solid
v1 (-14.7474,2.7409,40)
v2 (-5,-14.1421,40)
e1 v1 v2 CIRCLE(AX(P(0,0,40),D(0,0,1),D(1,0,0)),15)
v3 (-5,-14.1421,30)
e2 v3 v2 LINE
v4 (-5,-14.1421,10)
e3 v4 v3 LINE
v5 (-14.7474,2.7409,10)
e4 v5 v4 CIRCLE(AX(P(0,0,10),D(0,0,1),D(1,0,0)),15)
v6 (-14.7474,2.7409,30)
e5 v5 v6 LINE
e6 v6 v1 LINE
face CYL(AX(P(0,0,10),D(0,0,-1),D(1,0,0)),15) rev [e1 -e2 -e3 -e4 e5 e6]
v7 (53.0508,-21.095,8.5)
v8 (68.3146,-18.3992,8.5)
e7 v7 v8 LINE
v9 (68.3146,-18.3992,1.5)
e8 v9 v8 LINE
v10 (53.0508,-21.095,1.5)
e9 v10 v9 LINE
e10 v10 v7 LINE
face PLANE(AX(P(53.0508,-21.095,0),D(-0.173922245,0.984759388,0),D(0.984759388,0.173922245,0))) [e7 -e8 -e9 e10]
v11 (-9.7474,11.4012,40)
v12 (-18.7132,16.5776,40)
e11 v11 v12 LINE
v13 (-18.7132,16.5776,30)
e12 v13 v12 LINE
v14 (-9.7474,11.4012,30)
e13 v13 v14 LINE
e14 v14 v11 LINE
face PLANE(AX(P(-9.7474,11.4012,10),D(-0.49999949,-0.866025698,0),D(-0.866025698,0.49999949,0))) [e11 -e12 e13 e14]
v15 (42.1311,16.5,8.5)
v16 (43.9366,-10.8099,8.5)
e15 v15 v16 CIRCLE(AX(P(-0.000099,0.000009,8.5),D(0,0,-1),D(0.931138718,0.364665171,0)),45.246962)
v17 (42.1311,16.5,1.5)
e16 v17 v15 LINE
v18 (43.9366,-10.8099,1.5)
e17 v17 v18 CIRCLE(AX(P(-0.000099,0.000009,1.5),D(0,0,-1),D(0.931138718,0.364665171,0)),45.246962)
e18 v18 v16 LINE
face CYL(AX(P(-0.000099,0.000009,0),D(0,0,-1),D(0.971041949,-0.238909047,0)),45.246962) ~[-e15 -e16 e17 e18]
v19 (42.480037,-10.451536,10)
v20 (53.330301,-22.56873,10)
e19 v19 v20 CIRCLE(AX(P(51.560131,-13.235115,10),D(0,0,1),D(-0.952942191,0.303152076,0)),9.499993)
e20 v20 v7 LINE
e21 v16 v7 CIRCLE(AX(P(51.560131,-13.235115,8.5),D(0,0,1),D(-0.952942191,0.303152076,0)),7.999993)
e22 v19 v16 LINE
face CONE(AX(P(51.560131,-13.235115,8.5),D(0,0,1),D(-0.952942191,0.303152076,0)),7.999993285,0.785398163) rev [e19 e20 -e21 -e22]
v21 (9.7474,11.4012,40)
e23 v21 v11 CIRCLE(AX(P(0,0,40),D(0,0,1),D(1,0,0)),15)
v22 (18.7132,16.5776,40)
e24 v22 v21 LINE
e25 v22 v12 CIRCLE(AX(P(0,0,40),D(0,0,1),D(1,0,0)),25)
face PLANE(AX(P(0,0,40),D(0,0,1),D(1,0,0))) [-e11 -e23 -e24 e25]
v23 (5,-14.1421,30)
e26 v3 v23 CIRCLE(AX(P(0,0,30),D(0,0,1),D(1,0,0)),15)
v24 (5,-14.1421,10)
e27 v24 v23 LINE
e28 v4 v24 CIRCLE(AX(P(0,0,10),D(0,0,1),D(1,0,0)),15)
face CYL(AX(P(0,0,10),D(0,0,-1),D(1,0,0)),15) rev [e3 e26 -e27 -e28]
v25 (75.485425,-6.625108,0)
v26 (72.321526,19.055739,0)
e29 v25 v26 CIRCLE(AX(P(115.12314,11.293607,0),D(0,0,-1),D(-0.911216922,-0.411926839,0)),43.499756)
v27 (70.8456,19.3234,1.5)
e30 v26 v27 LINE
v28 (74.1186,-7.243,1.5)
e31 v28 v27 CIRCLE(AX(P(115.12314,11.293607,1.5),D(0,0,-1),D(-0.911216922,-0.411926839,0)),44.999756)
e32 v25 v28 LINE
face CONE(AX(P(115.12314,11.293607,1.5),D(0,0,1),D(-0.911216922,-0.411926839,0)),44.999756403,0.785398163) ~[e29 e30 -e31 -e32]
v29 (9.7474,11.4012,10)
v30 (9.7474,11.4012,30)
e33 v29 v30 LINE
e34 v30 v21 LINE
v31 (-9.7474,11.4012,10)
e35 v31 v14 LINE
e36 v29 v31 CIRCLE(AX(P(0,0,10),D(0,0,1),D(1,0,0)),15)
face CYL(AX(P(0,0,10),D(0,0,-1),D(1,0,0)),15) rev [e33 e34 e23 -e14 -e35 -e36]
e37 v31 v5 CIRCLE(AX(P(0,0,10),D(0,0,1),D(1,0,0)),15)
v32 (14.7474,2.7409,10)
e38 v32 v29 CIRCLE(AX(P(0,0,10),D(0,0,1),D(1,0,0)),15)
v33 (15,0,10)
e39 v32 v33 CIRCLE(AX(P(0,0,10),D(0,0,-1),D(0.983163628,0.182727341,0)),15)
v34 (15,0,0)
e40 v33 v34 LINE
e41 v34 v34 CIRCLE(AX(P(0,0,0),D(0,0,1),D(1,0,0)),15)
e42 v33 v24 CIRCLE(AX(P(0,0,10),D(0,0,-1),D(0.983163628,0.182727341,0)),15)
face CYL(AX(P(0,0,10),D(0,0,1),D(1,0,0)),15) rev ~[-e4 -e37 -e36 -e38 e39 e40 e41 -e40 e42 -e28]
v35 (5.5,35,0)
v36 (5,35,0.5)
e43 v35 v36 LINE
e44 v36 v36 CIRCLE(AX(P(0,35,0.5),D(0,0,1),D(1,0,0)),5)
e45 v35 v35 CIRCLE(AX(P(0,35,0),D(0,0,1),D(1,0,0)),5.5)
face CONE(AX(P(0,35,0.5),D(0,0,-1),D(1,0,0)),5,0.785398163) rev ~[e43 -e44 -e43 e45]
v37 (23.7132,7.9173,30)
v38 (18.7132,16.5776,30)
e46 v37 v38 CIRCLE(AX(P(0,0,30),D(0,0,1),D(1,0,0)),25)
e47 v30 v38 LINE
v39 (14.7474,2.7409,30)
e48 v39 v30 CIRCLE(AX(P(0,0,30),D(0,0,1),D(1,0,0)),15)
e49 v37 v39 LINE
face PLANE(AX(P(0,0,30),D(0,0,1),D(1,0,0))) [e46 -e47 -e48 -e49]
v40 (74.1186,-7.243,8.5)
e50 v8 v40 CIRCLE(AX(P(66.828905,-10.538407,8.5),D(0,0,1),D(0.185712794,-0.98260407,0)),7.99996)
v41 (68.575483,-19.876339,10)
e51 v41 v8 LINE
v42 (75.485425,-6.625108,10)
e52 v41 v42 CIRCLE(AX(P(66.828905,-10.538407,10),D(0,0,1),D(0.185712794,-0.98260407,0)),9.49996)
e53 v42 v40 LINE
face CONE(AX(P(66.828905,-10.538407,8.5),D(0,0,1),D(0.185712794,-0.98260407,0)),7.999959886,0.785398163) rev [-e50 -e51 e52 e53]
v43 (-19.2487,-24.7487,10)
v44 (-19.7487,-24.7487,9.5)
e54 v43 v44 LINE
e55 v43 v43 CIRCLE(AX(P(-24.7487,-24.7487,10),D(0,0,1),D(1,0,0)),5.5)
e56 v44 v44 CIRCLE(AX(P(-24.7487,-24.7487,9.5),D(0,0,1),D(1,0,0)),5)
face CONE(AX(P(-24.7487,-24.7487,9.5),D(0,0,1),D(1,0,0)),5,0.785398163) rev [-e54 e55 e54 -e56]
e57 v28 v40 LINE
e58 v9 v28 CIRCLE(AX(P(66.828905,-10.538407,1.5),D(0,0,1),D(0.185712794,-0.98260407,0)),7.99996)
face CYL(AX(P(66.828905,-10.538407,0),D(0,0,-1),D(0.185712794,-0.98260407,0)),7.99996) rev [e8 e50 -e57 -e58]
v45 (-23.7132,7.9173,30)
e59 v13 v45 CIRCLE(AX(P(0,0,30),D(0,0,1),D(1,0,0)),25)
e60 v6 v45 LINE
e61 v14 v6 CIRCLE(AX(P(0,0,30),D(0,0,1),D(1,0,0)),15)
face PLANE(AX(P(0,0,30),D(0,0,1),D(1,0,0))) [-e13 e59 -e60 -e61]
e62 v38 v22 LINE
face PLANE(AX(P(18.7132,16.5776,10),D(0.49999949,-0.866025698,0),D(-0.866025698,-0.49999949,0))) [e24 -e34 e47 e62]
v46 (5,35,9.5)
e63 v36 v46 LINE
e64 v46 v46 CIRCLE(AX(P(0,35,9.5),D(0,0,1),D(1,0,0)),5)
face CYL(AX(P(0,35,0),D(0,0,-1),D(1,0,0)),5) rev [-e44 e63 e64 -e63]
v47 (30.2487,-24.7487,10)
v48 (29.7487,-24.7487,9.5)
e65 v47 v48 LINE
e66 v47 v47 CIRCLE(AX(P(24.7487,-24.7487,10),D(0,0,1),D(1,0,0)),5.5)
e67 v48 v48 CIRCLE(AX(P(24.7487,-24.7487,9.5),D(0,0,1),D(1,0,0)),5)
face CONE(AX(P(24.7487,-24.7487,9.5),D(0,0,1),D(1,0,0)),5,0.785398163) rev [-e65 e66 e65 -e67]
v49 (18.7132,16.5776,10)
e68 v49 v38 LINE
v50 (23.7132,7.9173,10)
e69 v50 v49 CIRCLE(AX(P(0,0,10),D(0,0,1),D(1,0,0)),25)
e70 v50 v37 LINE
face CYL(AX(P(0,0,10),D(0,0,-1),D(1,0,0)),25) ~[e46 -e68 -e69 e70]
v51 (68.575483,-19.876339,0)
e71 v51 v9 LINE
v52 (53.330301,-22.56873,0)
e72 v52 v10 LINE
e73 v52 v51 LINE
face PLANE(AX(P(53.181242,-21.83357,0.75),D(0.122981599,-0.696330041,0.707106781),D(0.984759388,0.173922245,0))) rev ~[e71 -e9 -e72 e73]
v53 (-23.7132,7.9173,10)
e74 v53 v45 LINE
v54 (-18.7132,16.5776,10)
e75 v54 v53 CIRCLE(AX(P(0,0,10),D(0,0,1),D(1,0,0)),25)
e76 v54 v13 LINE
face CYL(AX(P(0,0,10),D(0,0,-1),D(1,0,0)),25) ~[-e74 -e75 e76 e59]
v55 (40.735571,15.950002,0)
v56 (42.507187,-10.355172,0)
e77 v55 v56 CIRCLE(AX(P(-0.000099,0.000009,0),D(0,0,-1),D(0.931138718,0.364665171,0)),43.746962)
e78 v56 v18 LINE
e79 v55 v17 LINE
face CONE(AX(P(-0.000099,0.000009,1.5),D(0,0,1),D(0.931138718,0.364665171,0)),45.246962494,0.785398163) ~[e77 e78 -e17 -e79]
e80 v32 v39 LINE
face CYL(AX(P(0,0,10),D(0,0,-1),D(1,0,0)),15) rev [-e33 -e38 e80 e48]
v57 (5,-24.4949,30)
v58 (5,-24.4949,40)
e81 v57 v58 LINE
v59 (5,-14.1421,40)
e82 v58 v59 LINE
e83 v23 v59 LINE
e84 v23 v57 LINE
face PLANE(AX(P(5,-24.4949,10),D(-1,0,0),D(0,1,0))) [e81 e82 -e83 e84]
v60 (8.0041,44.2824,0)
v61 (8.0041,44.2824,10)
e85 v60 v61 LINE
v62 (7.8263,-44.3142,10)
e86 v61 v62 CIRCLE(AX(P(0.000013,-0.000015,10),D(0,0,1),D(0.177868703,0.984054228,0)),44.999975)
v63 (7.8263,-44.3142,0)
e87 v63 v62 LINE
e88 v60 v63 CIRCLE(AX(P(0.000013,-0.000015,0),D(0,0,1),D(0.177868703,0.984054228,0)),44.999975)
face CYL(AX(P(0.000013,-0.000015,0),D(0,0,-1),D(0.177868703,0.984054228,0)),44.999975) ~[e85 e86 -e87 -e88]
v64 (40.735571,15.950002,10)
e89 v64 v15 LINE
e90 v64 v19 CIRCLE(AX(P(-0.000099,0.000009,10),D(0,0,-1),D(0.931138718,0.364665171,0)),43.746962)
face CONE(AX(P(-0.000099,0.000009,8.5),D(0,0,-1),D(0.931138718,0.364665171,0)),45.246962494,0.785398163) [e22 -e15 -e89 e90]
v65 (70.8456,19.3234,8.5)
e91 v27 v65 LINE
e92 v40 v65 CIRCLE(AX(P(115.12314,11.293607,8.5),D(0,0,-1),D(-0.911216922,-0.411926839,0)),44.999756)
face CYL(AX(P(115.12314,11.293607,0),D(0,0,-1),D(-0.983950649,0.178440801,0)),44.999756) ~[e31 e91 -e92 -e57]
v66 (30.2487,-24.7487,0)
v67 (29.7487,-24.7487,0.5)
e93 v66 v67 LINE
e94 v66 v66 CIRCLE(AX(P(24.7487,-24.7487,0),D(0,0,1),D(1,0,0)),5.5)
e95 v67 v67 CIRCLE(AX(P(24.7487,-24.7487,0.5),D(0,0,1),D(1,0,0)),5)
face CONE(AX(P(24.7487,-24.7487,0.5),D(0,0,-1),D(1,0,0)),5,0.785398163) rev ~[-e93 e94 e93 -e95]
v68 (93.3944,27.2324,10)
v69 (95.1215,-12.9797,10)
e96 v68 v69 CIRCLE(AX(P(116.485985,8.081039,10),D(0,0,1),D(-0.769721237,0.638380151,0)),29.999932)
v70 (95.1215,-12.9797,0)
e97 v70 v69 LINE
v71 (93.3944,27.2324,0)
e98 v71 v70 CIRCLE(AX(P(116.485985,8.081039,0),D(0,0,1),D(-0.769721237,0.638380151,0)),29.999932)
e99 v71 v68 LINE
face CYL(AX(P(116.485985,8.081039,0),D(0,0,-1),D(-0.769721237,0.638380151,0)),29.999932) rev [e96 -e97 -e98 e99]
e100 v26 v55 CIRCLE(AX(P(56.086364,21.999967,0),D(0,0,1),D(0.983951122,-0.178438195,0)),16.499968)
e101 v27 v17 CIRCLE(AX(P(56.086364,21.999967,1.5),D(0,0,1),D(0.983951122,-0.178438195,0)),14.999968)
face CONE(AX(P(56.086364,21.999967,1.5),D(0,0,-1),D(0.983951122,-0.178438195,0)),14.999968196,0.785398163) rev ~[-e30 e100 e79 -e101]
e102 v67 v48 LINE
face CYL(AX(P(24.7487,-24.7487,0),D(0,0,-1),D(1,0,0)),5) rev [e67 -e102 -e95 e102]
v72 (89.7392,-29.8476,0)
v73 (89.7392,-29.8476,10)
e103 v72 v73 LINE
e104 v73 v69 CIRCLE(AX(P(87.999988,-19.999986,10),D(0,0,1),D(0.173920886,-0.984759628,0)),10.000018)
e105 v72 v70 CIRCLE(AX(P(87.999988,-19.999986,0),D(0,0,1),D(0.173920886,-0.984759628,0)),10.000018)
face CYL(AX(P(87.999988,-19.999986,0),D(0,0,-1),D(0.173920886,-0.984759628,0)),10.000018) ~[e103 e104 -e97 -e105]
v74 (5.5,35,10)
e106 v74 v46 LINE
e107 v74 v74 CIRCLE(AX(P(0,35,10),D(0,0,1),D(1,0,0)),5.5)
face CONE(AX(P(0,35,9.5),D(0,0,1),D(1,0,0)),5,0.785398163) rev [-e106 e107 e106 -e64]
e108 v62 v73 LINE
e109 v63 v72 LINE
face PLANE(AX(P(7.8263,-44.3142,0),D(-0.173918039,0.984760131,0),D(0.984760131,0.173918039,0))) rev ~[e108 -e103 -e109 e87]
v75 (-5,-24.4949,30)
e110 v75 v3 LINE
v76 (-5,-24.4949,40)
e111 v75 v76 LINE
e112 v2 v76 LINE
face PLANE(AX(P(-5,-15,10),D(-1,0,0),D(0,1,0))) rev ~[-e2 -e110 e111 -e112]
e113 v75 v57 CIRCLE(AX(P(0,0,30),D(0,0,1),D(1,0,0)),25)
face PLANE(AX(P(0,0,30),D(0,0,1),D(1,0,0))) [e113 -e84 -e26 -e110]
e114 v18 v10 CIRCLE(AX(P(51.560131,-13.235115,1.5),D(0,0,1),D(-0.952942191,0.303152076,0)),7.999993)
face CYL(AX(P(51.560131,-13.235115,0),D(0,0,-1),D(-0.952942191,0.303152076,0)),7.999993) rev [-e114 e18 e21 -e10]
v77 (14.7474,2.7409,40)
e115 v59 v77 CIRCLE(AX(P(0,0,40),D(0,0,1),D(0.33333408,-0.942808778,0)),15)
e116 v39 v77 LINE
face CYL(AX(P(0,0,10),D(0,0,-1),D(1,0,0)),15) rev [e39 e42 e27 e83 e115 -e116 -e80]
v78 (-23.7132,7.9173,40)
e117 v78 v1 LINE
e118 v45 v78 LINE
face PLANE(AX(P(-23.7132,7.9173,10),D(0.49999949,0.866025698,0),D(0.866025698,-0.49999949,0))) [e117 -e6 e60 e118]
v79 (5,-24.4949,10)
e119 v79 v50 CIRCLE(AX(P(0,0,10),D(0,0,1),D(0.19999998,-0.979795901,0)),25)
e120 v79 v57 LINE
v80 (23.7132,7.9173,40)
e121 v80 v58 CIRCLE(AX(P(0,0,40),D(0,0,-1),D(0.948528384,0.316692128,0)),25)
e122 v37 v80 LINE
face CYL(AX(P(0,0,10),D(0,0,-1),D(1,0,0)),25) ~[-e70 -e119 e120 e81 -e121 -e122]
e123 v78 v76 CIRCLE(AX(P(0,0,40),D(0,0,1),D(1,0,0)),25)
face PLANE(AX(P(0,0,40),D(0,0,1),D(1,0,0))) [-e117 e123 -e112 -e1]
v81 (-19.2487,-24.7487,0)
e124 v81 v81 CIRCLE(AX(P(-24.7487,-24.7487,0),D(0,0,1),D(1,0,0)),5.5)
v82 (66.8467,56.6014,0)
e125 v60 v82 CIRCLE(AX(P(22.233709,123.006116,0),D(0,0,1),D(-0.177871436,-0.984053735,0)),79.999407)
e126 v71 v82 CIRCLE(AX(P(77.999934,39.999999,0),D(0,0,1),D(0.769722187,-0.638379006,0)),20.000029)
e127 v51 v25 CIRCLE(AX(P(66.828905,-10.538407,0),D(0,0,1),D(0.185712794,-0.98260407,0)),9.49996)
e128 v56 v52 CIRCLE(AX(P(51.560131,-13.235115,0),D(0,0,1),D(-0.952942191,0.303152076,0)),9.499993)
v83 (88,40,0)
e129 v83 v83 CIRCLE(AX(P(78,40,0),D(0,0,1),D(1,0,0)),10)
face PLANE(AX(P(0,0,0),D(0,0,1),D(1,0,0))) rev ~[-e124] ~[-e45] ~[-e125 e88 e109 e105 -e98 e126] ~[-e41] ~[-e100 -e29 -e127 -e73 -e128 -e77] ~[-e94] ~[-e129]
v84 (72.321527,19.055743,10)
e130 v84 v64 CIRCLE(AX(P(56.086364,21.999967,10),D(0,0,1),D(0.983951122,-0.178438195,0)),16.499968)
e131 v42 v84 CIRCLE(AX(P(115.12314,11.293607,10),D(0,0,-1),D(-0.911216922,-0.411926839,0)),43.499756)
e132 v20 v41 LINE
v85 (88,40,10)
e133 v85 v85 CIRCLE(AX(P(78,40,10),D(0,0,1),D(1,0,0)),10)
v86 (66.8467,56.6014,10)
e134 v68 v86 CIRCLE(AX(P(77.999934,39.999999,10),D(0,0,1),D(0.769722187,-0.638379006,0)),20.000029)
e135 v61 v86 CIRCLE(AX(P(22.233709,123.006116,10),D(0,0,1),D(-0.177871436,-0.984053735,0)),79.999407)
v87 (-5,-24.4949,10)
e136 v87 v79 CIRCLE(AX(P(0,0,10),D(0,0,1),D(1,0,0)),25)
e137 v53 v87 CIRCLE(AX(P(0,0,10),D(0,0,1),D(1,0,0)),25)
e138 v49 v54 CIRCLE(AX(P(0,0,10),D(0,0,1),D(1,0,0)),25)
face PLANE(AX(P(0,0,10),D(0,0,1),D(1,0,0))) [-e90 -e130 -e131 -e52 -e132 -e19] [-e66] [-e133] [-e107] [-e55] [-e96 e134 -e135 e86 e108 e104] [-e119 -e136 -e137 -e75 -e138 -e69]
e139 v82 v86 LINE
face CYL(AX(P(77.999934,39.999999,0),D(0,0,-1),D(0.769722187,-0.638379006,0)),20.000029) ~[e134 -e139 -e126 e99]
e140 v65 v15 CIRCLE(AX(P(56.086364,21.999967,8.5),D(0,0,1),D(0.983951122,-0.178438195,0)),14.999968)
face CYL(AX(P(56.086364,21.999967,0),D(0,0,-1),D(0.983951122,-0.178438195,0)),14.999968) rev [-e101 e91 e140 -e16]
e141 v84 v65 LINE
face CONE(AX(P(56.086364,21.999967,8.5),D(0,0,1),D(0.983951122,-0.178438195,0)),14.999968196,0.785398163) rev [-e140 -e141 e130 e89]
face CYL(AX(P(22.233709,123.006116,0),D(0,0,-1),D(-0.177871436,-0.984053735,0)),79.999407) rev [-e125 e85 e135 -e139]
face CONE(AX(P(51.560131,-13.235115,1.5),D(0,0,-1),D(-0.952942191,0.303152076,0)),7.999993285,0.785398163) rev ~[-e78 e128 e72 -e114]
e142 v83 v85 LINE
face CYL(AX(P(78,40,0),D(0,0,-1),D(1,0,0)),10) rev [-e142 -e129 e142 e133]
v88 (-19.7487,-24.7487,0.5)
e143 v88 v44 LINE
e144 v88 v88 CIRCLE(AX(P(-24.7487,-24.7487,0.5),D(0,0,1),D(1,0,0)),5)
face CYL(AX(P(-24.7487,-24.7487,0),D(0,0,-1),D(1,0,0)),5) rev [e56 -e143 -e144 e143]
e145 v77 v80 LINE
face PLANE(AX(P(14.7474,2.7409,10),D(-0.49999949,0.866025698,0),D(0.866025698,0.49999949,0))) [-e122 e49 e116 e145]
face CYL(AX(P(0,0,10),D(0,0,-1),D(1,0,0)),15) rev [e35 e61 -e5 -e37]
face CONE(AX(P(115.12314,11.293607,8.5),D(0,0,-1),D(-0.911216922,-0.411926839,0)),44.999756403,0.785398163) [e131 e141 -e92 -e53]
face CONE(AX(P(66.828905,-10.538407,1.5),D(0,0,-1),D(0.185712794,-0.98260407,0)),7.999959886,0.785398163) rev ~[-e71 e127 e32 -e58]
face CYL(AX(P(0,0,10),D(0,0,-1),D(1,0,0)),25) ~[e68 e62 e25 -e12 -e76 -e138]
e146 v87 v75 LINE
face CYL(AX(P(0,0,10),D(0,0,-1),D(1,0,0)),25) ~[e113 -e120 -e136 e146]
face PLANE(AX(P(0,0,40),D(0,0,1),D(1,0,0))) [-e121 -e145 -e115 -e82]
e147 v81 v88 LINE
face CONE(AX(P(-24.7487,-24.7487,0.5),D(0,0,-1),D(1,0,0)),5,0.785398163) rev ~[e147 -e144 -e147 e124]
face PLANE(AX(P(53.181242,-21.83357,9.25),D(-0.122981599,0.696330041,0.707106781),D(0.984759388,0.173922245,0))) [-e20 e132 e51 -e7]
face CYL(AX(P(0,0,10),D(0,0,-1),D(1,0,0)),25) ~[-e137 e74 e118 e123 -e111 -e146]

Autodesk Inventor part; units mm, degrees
ref_plane "YZ Plane" through (0, 0, 0) normal (1, 0, 0) x (0, 1, 0)
ref_plane "XZ Plane" through (0, 0, 0) normal (0, 1, 0) x (-1, 0, 0)
ref_plane "XY Plane" through (0, 0, 0) normal (0, 0, 1) x (1, 0, 0)
sketch "Sketch1" plane through (0, 0, 0) normal (0, 0, 1) x (1, 0, 0)
  arc A0 (8.0041, 44.2824) -> (7.8263, -44.3142) centre (0, 0) ccw
  arc A1 (8.0041, 44.2824) -> (66.8467, 56.6014) centre (22.2337, 123.0068) ccw
  arc A2 (93.3944, 27.2324) -> (66.8467, 56.6014) centre (78, 40) ccw
  arc A3 (89.7392, -29.8476) -> (95.1215, -12.9797) centre (88, -20) ccw
  arc A4 (93.3944, 27.2324) -> (95.1215, -12.9797) centre (116.4861, 8.081) ccw
  line L0 (7.8263, -44.3142) -> (89.7392, -29.8476)
  circle A5 centre (78, 40) radius 10
  arc A6 (70.8456, 19.3234) -> (42.1311, 16.5) centre (56.0864, 22) ccw
  arc A7 (43.9366, -10.8099) -> (53.0508, -21.095) centre (51.5602, -13.2351) ccw
  line L1 (53.0508, -21.095) -> (68.3146, -18.3992)
  arc A8 (68.3146, -18.3992) -> (74.1186, -7.243) centre (66.8289, -10.5384) ccw
  arc A9 (70.8456, 19.3234) -> (74.1186, -7.243) centre (115.1234, 11.2936) ccw
  arc A10 (8.0041, 44.2824) -> (7.8263, -44.3142) centre (0, 0) ccw
  arc A11 (43.9366, -10.8099) -> (42.1311, 16.5) centre (0, 0) ccw
  circle A12 centre (0, 35) radius 5
  line L2 (0, 0) -> (35, 0) construction
  circle A13 centre (-24.7487, -24.7487) radius 5
  circle A14 centre (24.7487, -24.7487) radius 5
  dimension "d1" = 160
  dimension "d2" = 40
  dimension "d3" = 40
  dimension "d4" = 78
  dimension "d6" = 20
  dimension "d7" = 88
  dimension "d8" = 20
  dimension "d9" = 60
  dimension "d10" = 20
  dimension "d12" = 30
  dimension "d13" = 22
  dimension "d22" = 16
  dimension "d23" = 15.5
  dimension "d26" = 90
  dimension "d29" = 10
  dimension "d32" = 10
  dimension "d33" = 10
  dimension "d76" = 15
extrude "Extrusion1" add sketch "Sketch1" along normal blind 10
sketch "Sketch2" plane through (0, 0, 10) normal (0, 0, 1) x (1, 0, 0)
  circle A0 centre (0, 0) radius 25
  circle A1 centre (0, 0) radius 15
  line L0 (0, 0) -> (25, 0) construction
  line L1 (0, 0) -> (25, 0) construction
  line L2 (-5, -15) -> (-5, -24.4949)
  line L3 (5, -24.4949) -> (5, -15)
  line L4 (-5, -15) -> (-5, -14.1421)
  line L5 (5, -15) -> (5, -14.1421)
  line L6 (0, 0) -> (30, 0) construction
  line L7 (0, 0) -> (30, 0) construction
  line L8 (-23.7132, 7.9173) -> (-14.7474, 2.7409)
  line L9 (-9.7474, 11.4012) -> (-18.7132, 16.5776)
  line L10 (18.7132, 16.5776) -> (9.7474, 11.4012)
  line L11 (14.7474, 2.7409) -> (23.7132, 7.9173)
  dimension "d36" = 50
  dimension "d37" = 30
  dimension "d59" = 10
extrude "Extrusion2" add sketch "Sketch2" along normal blind 30 contours A0 L3 L5 A1 L11 | L10 A1 L9 A0 | A0 L8 A1 L4 L2
chamfer "Chamfer1" distance 0.5 angle 45 6 edges at (-29.7487, -24.7487, 10) (-5, 35, 10) (19.7487, -24.7487, 0) (19.7487, -24.7487, 10) (-29.7487, -24.7487, 0) (-5, 35, 0)
chamfer "Chamfer2" distance 1.5 angle 45 6 edges at (45.5728, -18.5409, 0) (45.1483, 2.9848, 0) (54.6186, 36.928, 0) (70.4611, 5.7912, 0) (73.9259, -14.2306, 0) (60.6827, -19.7471, 0)
sketch "Sketch3" plane through (0, 0, 10) normal (0, 0, 1) x (1, 0, 0)
  line L0 (23.7132, 7.9173) -> (14.7474, 2.7409) projected
  circle A0 centre (0, 0) radius 25
  circle A1 centre (0, 0) radius 15
  line L1 (9.7474, 11.4012) -> (18.7132, 16.5776) projected
  line L2 (9.7474, 11.4012) -> (18.7132, 16.5776)
  line L3 (14.7474, 2.7409) -> (23.7132, 7.9173)
  line L4 (5, -14.1421) -> (5, -24.4949)
  line L5 (-5, -24.4949) -> (-5, -14.1421) projected
  line L6 (-5, -14.1421) -> (-5, -24.4949)
  line L7 (-14.7474, 2.7409) -> (-23.7132, 7.9173) projected
  line L8 (-23.7132, 7.9173) -> (-14.7474, 2.7409)
  line L9 (-18.7132, 16.5776) -> (-9.7474, 11.4012) projected
  line L10 (-18.7132, 16.5776) -> (-9.7474, 11.4012)
extrude "Extrusion3" add sketch "Sketch3" along normal blind 20 contours L0 A1 L1 A0 | A0 L5 A1 L4 | L9 A1 L7 A0
sketch "Sketch4" plane through (0, 0, 10) normal (0, 0, 1) x (1, 0, 0)
  circle A0 centre (0, 0) radius 15
extrude "Extrusion4" cut sketch "Sketch4" against normal blind 10
thread "Thread1" size "M10x1.5" class "6H" standard "ANSI Metric M Profile" length 23.2
thread "Thread2" size "M10x1.5" class "6H" standard "ANSI Metric M Profile" length 23.2
thread "Thread3" size "M10x1.5" class "6H" standard "ANSI Metric M Profile" length 23.2
chamfer "Chamfer4" distance 1.5 angle 45 6 edges at (54.6186, 36.928, 10) (70.4611, 5.7912, 10) (73.9259, -14.2306, 10) (45.1483, 2.9848, 10) (45.5728, -18.5409, 10) (60.6827, -19.7471, 10)
properties part number "Curved Disc new" material "Steel, Mild, Welded"
